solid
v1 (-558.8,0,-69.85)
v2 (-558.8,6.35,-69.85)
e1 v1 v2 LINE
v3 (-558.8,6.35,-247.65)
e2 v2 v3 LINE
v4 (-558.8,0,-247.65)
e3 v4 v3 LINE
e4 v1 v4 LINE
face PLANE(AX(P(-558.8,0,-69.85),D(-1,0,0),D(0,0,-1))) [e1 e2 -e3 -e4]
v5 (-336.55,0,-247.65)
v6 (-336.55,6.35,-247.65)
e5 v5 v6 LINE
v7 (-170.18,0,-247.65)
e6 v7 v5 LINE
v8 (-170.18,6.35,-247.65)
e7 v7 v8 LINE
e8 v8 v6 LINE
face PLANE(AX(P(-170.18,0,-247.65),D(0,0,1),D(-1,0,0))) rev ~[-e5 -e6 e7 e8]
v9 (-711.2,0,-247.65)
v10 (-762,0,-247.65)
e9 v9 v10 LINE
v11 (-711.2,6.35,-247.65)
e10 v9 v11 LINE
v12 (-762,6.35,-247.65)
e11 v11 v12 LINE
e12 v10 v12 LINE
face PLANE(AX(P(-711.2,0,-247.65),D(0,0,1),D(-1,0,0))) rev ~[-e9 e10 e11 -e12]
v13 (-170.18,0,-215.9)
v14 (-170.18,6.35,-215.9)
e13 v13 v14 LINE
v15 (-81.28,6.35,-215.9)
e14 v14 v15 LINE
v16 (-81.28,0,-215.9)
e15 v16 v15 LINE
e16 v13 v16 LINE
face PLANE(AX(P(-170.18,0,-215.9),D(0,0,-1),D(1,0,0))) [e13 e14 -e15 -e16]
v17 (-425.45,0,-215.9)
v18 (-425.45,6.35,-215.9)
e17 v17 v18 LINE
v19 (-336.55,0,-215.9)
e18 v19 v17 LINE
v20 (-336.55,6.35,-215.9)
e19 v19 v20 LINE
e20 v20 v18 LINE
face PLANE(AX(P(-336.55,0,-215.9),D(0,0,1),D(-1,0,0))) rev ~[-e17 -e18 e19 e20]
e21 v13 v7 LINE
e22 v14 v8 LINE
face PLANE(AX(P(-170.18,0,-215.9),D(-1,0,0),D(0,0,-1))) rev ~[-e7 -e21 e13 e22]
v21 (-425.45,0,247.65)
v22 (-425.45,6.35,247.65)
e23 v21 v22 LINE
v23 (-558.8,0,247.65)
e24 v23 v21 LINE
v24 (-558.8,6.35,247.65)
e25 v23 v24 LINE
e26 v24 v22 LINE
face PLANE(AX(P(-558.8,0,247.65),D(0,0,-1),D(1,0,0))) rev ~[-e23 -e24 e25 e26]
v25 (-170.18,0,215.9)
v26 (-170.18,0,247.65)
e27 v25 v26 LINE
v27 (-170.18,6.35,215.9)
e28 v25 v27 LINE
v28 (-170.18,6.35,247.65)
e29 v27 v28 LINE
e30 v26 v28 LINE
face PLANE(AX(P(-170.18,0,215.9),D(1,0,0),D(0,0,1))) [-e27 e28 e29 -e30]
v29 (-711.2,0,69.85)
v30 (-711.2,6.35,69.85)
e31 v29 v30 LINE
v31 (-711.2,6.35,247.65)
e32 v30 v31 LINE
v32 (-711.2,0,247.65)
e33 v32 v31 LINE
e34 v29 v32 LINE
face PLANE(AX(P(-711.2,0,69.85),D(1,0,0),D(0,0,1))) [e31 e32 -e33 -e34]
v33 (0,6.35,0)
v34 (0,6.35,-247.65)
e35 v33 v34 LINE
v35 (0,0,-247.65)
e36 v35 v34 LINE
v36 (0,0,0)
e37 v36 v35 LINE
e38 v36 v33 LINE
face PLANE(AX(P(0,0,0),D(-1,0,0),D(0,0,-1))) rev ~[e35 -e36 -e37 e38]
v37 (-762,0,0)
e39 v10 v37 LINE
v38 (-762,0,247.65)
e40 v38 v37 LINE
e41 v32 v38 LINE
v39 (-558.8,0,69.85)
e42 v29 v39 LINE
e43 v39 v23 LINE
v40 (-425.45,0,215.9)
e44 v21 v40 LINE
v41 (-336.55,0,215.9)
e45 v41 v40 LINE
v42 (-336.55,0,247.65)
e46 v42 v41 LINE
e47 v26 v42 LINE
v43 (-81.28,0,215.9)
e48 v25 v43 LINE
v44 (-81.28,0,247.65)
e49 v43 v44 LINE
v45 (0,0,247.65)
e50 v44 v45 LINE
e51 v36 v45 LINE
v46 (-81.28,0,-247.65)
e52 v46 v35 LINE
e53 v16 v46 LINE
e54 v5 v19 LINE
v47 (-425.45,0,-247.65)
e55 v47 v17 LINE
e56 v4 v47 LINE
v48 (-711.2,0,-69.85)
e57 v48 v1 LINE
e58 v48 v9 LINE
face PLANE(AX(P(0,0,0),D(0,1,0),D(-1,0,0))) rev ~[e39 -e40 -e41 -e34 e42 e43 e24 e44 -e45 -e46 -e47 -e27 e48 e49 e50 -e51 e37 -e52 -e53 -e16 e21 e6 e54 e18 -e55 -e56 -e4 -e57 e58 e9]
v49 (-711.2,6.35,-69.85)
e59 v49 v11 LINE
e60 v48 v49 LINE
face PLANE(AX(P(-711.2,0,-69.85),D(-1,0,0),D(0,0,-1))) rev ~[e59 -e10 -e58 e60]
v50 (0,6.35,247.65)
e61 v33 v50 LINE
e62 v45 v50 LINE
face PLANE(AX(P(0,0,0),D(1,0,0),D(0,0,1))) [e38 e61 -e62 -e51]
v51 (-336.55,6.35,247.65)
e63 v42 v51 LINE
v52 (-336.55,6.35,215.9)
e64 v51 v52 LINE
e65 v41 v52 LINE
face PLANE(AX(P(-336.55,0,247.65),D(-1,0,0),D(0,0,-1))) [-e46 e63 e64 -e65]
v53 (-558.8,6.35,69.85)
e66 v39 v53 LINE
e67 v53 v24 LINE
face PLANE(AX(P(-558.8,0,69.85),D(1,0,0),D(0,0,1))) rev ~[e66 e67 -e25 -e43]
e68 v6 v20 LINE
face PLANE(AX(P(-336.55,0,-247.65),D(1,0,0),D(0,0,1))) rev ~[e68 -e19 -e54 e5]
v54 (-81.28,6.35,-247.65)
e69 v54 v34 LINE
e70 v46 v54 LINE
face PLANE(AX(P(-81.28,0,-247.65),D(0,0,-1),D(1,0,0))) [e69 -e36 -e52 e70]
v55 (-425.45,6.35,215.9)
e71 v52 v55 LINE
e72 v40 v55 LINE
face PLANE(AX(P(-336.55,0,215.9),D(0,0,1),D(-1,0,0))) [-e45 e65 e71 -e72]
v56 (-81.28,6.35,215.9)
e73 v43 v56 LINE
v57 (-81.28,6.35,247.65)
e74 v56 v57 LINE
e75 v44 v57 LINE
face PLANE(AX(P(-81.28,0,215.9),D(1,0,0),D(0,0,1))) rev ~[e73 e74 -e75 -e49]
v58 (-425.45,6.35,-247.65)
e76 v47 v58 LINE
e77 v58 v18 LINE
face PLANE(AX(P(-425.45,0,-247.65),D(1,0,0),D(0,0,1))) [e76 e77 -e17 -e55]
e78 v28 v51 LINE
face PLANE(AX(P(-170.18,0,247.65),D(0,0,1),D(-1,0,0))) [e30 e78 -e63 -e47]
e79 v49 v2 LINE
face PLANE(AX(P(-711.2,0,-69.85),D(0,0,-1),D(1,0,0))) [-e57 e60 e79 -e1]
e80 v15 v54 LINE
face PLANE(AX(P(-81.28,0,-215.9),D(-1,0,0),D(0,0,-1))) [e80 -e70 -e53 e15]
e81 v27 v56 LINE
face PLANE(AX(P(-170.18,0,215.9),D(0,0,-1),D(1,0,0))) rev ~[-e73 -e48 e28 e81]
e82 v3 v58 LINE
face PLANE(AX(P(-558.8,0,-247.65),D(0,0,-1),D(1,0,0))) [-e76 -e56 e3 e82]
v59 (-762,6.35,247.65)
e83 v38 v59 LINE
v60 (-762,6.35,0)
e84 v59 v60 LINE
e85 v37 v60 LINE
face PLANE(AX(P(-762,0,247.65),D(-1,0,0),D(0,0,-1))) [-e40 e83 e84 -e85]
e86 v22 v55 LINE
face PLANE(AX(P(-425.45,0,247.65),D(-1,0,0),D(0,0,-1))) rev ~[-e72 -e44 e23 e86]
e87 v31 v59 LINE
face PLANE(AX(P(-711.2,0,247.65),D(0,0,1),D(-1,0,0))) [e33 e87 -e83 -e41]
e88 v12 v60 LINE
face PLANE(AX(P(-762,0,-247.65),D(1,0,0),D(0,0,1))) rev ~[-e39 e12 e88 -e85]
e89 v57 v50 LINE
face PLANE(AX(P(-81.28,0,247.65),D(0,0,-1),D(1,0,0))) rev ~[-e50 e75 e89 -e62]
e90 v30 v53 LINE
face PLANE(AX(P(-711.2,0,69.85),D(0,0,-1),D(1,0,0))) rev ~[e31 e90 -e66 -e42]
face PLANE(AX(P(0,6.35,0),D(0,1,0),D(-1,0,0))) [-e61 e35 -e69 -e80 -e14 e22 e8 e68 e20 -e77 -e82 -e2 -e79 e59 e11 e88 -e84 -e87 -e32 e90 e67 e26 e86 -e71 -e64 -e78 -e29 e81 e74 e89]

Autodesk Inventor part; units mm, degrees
ref_plane "YZ Plane" through (0, 0, 0) normal (1, 0, 0) x (0, 1, 0)
ref_plane "XZ Plane" through (0, 0, 0) normal (0, 1, 0) x (-1, 0, 0)
ref_plane "XY Plane" through (0, 0, 0) normal (0, 0, 1) x (1, 0, 0)
sketch "Sketch1" plane through (0, 0, 0) normal (0, 1, 0) x (-1, 0, 0)
  line L0 (711.2, -69.85) -> (711.2, -247.65)
  line L1 (711.2, -69.85) -> (558.8, -69.85)
  line L2 (170.18, -215.9) -> (170.18, -247.65)
  line L3 (170.18, -247.65) -> (336.55, -247.65)
  line L4 (336.55, -247.65) -> (336.55, -215.9)
  line L5 (711.2, -247.65) -> (762, -247.65)
  line L6 (170.18, -215.9) -> (81.28, -215.9)
  line L7 (81.28, -215.9) -> (81.28, -247.65)
  line L8 (81.28, -247.65) -> (0, -247.65)
  line L9 (762, -247.65) -> (762, 0)
  line L10 (0, 0) -> (0, -247.65)
  line L11 (336.55, -215.9) -> (425.45, -215.9)
  line L12 (558.8, -69.85) -> (558.8, -247.65)
  line L13 (558.8, -247.65) -> (425.45, -247.65)
  line L14 (425.45, -247.65) -> (425.45, -215.9)
  line L15 (848.7626, 0) -> (-141.8374, 0) construction
  line L16 (711.2, 69.85) -> (711.2, 247.65)
  line L17 (711.2, 69.85) -> (558.8, 69.85)
  line L18 (170.18, 215.9) -> (170.18, 247.65)
  line L19 (170.18, 247.65) -> (336.55, 247.65)
  line L20 (336.55, 247.65) -> (336.55, 215.9)
  line L21 (711.2, 247.65) -> (762, 247.65)
  line L22 (170.18, 215.9) -> (81.28, 215.9)
  line L23 (81.28, 215.9) -> (81.28, 247.65)
  line L24 (81.28, 247.65) -> (0, 247.65)
  line L25 (762, 247.65) -> (762, 0)
  line L26 (0, 0) -> (0, 247.65)
  line L27 (336.55, 215.9) -> (425.45, 215.9)
  line L28 (558.8, 69.85) -> (558.8, 247.65)
  line L29 (558.8, 247.65) -> (425.45, 247.65)
  line L30 (425.45, 247.65) -> (425.45, 215.9)
  dimension "d129" = 762
  dimension "d130" = 711.2
  dimension "d134" = 170.18
  dimension "d135" = 81.28
  dimension "d139" = 31.75
  dimension "d141" = 336.55
  dimension "d143" = 0
  dimension "d144" = 177.8
  dimension "d145" = 31.75
  dimension "d147" = 31.75
  dimension "d148" = 133.35
  dimension "d149" = 990.6
extrude "Extrusion1" add sketch "Sketch1" along normal blind 6.35
properties part number "BottomSheet"
